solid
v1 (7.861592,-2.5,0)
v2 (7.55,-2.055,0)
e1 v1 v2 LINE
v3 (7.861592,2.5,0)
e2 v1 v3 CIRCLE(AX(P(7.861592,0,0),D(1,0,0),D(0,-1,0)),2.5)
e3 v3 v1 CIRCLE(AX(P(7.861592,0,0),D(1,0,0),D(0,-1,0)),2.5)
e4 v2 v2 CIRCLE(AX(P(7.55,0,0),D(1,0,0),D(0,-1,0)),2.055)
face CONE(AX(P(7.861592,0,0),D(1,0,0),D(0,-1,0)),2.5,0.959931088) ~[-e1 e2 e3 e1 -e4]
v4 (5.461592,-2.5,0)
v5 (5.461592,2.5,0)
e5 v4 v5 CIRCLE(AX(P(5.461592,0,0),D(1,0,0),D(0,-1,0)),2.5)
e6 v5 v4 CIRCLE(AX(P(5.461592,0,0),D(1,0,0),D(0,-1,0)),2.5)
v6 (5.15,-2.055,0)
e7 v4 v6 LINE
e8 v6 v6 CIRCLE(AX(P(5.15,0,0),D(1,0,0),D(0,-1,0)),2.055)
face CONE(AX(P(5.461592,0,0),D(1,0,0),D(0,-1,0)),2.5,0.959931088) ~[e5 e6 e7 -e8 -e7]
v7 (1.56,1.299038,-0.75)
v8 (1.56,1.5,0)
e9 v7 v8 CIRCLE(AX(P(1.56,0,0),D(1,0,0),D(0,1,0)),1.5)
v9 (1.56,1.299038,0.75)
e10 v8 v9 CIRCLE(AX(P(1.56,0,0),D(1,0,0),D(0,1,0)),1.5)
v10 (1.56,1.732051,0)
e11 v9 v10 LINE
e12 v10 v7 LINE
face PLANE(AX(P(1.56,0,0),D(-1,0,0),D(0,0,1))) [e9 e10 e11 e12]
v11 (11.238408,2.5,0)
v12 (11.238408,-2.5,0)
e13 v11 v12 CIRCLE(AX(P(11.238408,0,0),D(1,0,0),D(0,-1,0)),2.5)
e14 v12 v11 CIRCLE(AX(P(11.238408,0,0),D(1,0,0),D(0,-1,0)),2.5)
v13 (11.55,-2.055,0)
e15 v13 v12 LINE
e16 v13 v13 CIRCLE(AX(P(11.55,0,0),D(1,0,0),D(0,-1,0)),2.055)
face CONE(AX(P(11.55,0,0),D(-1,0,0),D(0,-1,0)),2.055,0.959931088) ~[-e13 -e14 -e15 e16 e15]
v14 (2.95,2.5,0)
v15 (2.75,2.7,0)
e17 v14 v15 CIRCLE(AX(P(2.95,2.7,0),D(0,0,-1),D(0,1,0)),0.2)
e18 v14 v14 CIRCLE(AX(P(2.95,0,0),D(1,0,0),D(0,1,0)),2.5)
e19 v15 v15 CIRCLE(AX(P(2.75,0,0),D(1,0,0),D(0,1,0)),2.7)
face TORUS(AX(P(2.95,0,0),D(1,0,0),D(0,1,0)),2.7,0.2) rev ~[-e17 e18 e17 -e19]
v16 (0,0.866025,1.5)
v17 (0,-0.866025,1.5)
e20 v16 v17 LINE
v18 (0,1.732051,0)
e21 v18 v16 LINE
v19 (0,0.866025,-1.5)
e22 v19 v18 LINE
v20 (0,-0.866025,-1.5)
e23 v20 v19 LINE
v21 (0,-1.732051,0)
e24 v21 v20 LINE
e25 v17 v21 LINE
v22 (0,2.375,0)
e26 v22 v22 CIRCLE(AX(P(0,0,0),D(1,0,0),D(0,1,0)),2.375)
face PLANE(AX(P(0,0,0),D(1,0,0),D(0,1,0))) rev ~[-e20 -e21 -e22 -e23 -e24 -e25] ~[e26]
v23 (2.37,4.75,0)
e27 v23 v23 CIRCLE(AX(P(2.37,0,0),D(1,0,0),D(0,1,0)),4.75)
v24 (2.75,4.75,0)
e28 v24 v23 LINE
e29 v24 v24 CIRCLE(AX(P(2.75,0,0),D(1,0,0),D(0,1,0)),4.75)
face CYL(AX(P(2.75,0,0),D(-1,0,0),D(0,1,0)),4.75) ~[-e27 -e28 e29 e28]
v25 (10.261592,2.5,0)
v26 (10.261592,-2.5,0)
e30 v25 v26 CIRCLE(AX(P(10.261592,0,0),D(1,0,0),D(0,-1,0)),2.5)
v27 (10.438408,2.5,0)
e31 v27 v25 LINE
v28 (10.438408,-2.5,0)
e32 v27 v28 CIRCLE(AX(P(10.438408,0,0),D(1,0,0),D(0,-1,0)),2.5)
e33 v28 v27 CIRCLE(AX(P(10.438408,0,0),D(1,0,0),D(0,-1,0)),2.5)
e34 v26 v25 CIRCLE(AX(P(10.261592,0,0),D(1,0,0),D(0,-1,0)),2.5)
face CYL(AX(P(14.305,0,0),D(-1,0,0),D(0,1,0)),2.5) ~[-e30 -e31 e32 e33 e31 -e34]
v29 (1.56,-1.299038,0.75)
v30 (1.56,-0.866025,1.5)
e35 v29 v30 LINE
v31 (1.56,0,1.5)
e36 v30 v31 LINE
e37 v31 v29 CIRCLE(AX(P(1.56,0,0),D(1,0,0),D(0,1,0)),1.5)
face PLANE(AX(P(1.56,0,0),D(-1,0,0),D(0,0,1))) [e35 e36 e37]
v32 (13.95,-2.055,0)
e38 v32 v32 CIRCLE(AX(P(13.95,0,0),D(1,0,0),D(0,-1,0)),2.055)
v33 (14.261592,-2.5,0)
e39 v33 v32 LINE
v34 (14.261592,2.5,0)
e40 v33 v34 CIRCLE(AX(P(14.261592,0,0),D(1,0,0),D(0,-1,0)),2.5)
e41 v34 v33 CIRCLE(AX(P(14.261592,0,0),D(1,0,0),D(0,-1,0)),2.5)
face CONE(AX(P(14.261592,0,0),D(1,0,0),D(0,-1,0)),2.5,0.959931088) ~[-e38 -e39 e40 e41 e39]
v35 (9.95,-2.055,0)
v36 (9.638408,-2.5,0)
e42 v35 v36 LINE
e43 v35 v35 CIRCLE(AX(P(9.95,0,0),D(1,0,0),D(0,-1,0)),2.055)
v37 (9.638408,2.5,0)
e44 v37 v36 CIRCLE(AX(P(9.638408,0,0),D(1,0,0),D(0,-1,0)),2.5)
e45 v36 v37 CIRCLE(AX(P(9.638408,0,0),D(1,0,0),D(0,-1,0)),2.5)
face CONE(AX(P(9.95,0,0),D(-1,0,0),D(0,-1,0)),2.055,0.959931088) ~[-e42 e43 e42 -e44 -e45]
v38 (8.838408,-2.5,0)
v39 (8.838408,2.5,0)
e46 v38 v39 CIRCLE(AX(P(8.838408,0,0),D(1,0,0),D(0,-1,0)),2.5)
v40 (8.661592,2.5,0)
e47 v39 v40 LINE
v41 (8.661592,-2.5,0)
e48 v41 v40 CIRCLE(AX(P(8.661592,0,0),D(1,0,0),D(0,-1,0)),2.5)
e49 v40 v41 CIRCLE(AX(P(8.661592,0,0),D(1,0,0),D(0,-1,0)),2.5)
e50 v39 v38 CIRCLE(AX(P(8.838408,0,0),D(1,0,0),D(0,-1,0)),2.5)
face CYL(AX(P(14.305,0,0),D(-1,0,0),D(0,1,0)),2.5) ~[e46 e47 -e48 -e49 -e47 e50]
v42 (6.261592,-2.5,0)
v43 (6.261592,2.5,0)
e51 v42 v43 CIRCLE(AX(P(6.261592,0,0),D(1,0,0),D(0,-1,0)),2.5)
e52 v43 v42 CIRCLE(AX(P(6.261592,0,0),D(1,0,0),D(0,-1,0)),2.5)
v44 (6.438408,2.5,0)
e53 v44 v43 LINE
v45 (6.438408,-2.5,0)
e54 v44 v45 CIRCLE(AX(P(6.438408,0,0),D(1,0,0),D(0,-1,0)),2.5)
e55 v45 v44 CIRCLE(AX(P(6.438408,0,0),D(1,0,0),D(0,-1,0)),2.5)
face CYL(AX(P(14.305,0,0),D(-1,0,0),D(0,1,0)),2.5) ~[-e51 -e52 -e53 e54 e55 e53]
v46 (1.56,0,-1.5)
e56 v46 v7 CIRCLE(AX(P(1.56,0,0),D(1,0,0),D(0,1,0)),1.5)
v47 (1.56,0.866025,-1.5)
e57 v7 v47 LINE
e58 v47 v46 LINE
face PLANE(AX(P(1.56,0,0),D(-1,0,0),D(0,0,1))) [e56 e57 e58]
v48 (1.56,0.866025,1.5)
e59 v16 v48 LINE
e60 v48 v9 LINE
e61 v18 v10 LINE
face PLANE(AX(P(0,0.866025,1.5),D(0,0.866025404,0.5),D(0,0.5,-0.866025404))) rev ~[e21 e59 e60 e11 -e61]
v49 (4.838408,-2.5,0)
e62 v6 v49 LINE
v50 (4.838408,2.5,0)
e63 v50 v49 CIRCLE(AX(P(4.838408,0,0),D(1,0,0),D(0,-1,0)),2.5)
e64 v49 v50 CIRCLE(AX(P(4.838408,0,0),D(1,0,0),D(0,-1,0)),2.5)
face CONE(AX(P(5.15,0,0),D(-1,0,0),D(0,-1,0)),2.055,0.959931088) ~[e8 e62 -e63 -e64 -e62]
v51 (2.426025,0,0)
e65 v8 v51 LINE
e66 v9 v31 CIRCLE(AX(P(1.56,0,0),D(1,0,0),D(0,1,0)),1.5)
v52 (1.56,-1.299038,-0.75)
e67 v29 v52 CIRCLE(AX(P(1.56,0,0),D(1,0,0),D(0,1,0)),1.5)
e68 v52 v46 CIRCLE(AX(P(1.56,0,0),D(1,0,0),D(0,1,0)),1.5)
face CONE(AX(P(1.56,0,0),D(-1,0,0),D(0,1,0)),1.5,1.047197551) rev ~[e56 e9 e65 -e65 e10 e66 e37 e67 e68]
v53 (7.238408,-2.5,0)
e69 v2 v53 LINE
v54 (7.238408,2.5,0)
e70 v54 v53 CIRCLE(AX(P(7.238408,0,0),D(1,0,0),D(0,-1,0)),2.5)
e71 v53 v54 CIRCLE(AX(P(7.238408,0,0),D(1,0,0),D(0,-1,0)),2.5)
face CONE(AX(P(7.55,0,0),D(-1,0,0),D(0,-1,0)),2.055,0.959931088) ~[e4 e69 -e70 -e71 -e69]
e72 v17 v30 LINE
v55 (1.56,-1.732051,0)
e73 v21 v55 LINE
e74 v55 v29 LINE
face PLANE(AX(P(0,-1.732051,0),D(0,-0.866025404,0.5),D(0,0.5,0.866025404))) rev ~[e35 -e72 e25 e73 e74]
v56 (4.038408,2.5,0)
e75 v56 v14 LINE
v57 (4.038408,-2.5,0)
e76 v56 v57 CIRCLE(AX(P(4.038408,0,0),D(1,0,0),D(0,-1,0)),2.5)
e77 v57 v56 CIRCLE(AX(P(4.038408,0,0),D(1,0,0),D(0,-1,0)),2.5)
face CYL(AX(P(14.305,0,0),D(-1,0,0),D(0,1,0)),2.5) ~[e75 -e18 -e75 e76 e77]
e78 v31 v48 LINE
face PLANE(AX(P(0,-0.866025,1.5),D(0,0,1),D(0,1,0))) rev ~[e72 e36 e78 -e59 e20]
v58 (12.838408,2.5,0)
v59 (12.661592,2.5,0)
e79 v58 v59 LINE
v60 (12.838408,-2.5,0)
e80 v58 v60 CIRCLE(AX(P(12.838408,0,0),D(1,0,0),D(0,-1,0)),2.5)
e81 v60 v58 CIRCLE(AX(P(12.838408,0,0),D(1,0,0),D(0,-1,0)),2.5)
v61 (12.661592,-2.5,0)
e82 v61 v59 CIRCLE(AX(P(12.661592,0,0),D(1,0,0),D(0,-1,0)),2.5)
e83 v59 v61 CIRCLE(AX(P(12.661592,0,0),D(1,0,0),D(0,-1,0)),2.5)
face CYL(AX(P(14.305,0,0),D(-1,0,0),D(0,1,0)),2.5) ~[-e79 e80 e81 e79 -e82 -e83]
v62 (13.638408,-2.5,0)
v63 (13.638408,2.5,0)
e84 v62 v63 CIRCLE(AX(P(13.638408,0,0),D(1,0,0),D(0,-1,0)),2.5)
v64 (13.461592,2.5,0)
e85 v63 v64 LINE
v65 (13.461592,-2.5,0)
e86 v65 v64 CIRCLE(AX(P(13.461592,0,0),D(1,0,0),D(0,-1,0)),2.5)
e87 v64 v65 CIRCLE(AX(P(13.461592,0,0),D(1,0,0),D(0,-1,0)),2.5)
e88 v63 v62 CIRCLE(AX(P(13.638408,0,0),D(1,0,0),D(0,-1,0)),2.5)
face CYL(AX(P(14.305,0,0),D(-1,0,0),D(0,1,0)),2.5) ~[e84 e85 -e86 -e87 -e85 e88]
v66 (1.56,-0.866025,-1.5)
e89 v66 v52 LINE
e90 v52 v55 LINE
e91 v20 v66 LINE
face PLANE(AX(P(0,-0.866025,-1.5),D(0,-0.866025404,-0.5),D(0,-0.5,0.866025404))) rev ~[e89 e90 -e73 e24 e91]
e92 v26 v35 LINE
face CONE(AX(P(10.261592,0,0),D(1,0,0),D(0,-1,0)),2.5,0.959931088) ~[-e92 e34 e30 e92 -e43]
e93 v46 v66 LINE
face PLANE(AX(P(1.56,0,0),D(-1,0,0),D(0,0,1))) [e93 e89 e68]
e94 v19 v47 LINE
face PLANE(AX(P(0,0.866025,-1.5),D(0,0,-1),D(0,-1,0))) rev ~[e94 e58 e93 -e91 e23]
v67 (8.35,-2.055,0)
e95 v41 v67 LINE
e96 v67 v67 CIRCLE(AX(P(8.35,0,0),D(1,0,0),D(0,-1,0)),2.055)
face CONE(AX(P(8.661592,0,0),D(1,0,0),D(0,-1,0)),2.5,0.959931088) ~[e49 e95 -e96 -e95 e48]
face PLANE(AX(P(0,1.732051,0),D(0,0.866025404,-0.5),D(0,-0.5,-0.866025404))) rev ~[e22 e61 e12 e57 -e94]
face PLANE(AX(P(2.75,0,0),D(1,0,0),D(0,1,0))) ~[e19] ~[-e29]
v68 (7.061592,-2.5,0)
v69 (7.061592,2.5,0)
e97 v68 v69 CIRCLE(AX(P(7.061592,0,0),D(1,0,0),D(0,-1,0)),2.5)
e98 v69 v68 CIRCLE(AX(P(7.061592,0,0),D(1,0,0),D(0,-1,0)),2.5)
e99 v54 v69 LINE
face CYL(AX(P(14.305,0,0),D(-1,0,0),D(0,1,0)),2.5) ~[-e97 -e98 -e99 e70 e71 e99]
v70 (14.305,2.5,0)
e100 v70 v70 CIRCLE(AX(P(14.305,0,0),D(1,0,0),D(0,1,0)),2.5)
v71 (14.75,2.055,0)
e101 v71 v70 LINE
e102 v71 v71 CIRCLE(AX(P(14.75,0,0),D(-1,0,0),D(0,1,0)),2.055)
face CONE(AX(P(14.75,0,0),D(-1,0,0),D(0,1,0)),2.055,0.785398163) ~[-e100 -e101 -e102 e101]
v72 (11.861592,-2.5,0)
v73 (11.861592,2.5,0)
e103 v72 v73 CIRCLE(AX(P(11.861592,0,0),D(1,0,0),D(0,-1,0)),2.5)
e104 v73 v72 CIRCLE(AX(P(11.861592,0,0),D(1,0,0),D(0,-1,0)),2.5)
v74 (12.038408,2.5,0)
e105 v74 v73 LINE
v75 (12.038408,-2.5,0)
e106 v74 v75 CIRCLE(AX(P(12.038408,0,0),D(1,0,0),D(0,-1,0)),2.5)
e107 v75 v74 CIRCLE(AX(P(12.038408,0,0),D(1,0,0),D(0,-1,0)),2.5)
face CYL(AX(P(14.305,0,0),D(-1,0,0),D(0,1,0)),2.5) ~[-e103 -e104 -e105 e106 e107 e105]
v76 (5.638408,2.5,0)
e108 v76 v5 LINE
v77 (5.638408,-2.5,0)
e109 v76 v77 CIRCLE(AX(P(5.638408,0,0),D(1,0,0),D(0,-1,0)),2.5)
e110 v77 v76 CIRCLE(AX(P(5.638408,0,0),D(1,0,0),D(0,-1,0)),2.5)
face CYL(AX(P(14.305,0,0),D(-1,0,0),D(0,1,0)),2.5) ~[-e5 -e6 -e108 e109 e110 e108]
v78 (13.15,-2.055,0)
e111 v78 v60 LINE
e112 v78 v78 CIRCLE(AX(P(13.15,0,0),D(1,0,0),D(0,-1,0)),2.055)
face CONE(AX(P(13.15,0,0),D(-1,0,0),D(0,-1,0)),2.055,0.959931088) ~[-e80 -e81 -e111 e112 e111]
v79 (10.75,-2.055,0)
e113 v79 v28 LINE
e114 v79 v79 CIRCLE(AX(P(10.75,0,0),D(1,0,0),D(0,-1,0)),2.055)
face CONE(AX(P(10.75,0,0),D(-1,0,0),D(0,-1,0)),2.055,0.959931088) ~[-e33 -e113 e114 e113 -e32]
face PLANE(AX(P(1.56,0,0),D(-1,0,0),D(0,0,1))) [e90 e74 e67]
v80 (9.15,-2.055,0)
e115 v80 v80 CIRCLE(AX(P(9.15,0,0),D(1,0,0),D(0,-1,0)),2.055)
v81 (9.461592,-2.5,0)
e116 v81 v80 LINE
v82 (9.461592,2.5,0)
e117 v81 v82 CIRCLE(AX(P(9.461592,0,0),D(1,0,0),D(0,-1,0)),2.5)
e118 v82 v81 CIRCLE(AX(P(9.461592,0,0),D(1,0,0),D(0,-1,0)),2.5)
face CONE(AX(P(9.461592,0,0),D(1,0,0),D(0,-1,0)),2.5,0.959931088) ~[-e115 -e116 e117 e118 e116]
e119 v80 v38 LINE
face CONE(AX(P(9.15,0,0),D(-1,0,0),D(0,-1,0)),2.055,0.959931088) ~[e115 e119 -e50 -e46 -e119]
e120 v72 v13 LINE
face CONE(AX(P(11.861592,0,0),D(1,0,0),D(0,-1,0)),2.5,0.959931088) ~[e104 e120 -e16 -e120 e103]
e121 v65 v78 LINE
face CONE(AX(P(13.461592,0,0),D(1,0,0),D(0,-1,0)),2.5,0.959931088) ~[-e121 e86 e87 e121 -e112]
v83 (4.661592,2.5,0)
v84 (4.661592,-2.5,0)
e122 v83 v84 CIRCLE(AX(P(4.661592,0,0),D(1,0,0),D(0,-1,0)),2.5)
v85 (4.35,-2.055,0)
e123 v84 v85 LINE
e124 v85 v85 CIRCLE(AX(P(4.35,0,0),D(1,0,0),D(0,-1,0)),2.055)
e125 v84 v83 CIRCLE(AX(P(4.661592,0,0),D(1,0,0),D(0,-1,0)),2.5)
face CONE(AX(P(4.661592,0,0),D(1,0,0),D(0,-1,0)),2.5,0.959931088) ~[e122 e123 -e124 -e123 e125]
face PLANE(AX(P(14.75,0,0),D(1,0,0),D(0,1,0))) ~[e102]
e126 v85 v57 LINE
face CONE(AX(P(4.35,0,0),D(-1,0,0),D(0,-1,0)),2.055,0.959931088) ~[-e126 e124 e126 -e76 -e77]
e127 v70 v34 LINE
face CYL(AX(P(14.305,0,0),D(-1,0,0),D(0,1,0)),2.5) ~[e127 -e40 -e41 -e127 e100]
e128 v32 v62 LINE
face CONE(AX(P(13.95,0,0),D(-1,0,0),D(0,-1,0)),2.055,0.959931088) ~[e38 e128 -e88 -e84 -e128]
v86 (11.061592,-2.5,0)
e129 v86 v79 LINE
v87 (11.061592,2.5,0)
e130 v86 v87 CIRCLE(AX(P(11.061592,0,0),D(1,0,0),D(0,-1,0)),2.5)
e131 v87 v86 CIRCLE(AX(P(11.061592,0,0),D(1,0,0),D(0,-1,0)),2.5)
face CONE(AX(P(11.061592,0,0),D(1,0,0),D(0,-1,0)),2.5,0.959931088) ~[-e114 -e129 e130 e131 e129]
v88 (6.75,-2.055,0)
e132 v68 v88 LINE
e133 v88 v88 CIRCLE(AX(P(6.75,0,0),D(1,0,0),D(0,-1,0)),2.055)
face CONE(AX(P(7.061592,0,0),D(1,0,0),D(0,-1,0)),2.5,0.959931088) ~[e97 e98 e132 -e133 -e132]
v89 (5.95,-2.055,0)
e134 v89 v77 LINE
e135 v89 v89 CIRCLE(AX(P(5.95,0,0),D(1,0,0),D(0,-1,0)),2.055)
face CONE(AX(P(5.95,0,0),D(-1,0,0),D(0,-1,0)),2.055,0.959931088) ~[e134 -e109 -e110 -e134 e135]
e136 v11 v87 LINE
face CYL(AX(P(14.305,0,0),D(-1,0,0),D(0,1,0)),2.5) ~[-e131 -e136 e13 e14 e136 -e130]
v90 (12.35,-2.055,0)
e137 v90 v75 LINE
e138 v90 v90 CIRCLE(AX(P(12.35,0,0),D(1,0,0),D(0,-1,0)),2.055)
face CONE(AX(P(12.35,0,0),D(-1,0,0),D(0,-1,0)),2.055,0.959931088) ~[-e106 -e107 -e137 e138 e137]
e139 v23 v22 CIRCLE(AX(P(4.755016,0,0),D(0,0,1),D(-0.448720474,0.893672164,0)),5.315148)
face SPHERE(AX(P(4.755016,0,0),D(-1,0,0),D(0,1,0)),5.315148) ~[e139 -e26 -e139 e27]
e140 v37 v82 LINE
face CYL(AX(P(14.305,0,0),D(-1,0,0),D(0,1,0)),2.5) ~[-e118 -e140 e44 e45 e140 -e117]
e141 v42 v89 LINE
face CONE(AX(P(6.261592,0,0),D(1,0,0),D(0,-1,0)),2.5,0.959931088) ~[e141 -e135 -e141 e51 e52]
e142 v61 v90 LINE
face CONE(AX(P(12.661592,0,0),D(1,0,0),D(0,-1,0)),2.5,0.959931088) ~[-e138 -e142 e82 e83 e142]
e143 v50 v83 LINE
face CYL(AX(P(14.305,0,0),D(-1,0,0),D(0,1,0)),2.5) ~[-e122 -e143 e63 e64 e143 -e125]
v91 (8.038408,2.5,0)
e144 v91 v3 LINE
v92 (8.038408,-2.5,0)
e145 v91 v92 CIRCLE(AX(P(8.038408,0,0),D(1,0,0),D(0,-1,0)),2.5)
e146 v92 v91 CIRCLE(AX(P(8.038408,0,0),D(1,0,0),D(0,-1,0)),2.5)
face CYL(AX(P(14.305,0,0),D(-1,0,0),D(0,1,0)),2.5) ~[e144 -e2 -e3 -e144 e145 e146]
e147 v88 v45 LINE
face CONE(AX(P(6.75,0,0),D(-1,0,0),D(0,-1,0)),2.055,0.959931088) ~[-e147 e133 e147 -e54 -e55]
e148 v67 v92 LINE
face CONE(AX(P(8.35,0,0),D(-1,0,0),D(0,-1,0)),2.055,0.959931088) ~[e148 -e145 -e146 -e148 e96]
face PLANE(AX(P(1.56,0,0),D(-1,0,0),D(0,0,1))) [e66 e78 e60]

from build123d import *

# Parameters (mm, degrees)
FILLET1_R       = 0.2
HEX_2_DEPTH     = 1.56
THDSCHPAT_COUNT = 14
THDSCHPAT_PITCH = 0.8


with BuildPart() as part:
    # BodySke → BaseBody (revolve)
    with BuildSketch(Plane.XY):
        with BuildLine():
            Line((14.75, 0), (14.75, 2.055))
            Line((14.75, 2.055), (14.305, 2.5))
            Line((14.305, 2.5), (2.75, 2.5))
            Line((2.75, 2.5), (2.75, 4.75))
            Line((2.75, 4.75), (2.37, 4.75))
            ThreePointArc((2.37, 4.75), (0.992680215, 3.754414901), (0, 2.375))
            Line((0, 2.375), (0, 0))
            Line((0, 0), (14.75, 0))
        make_face()
    revolve(axis=Axis((0, 0, 0), (1, 0, 0)))

    # Fillet1
    fillet1_edges = [part.edges().sort_by_distance(p)[0] for p in [
        (2.75, -2.5, 0),
    ]]
    fillet(fillet1_edges, radius=FILLET1_R)

    # Sketch2 → PreBroach (revolve, cut)
    with BuildSketch(Plane.XY):
        Polygon((0, 1.5), (1.56, 1.5), (2.426025404, 0), (0, 0), align=None)
    revolve(axis=Axis((0, 0, 0), (1, 0, 0)), mode=Mode.SUBTRACT)

    # Sketch3 → Hex 2 (cut)
    with BuildSketch(Plane(origin=(0, 0, 0), x_dir=(0, 0, -1), z_dir=(1, 0, 0))):
        Polygon((-1.5, -0.866025404), (-1.5, 0.866025404), (0, 1.732050808), (1.5, 0.866025404), (1.5, -0.866025404), (0, -1.732050808), align=None)
    extrude(amount=HEX_2_DEPTH, mode=Mode.SUBTRACT)

    # ThdSchSke → ThreadSchematic (revolve, cut)
    with BuildSketch(Plane.XY):
        Polygon((4.35, -2.055), (4.038407645, -2.5), (4.038407645, -3.125), (4.661592355, -3.125), (4.661592355, -2.5), align=None)
    threadschematic = revolve(axis=Axis((-3.175, 0, 0), (1, 0, 0)), mode=Mode.SUBTRACT)

    # ThdSchPat: ThreadSchematic ×14
    with Locations(*[(i * THDSCHPAT_PITCH, 0, 0) for i in range(1, THDSCHPAT_COUNT)]):
        add(threadschematic, mode=Mode.SUBTRACT)


solid = part.part
